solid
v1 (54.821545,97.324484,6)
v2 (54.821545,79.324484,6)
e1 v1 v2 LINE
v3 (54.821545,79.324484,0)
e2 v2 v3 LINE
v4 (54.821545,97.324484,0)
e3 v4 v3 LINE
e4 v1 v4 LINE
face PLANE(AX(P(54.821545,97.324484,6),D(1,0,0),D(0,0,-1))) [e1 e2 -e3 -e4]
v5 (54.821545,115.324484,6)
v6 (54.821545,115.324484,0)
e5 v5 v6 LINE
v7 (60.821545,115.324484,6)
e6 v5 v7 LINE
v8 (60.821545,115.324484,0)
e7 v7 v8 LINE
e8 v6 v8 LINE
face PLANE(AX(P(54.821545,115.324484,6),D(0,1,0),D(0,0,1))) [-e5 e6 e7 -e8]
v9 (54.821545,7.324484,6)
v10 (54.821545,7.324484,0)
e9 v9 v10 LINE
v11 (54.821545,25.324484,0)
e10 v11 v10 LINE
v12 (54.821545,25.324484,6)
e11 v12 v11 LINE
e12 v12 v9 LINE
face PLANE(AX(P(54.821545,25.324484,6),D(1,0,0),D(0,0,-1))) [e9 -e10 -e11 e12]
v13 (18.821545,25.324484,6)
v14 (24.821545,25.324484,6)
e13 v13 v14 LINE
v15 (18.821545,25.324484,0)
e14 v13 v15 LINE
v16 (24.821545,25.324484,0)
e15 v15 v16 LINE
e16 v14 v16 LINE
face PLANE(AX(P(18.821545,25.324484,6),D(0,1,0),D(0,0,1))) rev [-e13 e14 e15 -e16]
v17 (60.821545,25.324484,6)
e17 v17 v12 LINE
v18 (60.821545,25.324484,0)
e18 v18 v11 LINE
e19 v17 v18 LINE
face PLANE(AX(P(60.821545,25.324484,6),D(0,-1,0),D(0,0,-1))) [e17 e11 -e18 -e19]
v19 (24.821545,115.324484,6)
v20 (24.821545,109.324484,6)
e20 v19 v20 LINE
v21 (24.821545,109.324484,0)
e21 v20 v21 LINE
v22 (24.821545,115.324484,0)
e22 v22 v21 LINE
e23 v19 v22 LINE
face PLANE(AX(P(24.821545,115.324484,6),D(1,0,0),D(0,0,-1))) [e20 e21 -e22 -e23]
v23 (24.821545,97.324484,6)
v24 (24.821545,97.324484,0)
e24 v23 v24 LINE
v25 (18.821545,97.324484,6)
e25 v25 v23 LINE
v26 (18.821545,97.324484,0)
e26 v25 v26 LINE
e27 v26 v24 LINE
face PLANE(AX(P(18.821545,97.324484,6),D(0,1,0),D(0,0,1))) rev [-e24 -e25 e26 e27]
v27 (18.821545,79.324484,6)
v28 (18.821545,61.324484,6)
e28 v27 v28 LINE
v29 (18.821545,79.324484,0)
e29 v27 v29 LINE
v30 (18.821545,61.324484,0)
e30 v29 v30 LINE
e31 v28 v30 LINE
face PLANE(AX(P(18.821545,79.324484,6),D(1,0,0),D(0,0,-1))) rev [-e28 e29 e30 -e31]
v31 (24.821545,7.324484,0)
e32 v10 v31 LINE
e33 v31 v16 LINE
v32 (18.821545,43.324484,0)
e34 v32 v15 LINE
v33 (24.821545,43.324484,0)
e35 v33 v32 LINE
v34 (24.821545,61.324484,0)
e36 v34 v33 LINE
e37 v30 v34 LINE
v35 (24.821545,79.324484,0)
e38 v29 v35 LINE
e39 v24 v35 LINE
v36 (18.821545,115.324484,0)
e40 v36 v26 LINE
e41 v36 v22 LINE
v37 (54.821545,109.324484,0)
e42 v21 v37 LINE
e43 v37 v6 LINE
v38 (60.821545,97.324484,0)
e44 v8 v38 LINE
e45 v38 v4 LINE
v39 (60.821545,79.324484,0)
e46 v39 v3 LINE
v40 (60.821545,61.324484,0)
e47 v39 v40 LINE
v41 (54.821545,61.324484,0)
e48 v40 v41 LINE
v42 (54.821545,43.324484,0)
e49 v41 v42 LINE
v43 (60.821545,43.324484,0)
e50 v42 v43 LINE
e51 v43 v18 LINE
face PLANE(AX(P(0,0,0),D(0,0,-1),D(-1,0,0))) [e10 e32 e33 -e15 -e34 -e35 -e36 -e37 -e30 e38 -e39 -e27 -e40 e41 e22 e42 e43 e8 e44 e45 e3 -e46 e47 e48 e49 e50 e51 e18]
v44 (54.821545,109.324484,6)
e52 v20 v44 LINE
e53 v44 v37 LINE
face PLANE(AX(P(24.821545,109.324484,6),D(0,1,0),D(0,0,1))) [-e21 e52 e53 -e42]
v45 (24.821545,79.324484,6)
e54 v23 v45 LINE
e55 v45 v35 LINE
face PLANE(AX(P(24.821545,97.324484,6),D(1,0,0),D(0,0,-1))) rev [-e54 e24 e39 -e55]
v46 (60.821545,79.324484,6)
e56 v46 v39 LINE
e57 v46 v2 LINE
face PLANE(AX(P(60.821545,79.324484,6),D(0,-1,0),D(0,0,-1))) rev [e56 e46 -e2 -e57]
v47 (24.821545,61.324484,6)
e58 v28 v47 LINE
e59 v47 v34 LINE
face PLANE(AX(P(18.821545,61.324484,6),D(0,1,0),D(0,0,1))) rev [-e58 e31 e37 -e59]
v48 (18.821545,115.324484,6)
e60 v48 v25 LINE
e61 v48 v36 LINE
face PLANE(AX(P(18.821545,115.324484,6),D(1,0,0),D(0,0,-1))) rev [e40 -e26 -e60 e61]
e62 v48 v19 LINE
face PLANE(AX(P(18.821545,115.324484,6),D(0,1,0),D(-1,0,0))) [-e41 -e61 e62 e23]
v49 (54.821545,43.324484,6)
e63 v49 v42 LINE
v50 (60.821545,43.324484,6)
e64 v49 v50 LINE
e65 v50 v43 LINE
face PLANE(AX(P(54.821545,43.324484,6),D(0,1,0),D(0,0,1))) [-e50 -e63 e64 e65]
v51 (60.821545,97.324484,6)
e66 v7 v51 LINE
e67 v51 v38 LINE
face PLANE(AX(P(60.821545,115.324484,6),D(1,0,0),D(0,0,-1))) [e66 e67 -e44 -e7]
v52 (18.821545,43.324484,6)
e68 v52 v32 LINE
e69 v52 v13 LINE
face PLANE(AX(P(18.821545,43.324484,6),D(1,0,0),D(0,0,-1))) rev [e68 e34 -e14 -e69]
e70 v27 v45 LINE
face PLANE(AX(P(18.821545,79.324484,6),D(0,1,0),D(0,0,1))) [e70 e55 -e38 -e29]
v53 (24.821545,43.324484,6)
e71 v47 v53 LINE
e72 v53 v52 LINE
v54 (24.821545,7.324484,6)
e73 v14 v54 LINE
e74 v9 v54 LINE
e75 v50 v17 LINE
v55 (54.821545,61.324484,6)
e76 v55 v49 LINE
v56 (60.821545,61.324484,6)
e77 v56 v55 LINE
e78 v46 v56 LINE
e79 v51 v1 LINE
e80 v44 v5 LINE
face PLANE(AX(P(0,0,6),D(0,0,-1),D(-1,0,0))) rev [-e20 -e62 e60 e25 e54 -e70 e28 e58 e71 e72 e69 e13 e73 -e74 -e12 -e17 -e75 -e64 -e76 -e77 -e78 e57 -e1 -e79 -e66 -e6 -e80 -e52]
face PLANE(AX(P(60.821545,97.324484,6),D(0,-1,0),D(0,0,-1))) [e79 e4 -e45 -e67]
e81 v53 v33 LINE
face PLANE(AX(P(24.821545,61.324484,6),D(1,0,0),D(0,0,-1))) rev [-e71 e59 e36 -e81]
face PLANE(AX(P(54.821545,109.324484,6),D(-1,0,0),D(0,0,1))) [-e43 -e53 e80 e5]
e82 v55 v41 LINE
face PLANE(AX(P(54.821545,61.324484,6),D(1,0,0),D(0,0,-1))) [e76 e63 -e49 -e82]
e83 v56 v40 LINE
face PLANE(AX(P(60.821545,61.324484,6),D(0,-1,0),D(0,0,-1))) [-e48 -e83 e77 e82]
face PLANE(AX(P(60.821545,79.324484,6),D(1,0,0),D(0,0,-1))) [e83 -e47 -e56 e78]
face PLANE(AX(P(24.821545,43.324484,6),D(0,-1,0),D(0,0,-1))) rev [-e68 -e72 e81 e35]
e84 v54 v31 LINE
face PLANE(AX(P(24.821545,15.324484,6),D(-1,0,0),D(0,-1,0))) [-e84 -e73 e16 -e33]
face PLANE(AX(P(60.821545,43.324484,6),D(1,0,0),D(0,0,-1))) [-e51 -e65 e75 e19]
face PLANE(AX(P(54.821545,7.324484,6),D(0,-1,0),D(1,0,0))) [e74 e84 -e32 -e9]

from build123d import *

# Parameters (mm, degrees)
BOSS_EXTRUDE1_DEPTH = 6


with BuildPart() as part:
    # Model → Boss-Extrude1 (new body)
    with BuildSketch(Plane.XY):
        Polygon((54.821544936, 115.324484296), (60.821544936, 115.324484296), (60.821544936, 97.324484296), (54.821544936, 97.324484296), (54.821544936, 79.324484296), (60.821544936, 79.324484296), (60.821544936, 61.324484296), (54.821544936, 61.324484296), (54.821544936, 43.324484296), (60.821544936, 43.324484296), (60.821544936, 25.324484296), (54.821544936, 25.324484296), (54.821544936, 7.324484296), (24.821544936, 7.324484296), (24.821544936, 15.324484296), (24.821544936, 25.324484296), (18.821544936, 25.324484296), (18.821544936, 43.324484296), (24.821544936, 43.324484296), (24.821544936, 61.324484296), (18.821544936, 61.324484296), (18.821544936, 79.324484296), (24.821544936, 79.324484296), (24.821544936, 97.324484296), (18.821544936, 97.324484296), (18.821544936, 115.324484296), (24.821544936, 115.324484296), (24.821544936, 109.324484296), (54.821544936, 109.324484296), align=None)
    extrude(amount=BOSS_EXTRUDE1_DEPTH)


solid = part.part
